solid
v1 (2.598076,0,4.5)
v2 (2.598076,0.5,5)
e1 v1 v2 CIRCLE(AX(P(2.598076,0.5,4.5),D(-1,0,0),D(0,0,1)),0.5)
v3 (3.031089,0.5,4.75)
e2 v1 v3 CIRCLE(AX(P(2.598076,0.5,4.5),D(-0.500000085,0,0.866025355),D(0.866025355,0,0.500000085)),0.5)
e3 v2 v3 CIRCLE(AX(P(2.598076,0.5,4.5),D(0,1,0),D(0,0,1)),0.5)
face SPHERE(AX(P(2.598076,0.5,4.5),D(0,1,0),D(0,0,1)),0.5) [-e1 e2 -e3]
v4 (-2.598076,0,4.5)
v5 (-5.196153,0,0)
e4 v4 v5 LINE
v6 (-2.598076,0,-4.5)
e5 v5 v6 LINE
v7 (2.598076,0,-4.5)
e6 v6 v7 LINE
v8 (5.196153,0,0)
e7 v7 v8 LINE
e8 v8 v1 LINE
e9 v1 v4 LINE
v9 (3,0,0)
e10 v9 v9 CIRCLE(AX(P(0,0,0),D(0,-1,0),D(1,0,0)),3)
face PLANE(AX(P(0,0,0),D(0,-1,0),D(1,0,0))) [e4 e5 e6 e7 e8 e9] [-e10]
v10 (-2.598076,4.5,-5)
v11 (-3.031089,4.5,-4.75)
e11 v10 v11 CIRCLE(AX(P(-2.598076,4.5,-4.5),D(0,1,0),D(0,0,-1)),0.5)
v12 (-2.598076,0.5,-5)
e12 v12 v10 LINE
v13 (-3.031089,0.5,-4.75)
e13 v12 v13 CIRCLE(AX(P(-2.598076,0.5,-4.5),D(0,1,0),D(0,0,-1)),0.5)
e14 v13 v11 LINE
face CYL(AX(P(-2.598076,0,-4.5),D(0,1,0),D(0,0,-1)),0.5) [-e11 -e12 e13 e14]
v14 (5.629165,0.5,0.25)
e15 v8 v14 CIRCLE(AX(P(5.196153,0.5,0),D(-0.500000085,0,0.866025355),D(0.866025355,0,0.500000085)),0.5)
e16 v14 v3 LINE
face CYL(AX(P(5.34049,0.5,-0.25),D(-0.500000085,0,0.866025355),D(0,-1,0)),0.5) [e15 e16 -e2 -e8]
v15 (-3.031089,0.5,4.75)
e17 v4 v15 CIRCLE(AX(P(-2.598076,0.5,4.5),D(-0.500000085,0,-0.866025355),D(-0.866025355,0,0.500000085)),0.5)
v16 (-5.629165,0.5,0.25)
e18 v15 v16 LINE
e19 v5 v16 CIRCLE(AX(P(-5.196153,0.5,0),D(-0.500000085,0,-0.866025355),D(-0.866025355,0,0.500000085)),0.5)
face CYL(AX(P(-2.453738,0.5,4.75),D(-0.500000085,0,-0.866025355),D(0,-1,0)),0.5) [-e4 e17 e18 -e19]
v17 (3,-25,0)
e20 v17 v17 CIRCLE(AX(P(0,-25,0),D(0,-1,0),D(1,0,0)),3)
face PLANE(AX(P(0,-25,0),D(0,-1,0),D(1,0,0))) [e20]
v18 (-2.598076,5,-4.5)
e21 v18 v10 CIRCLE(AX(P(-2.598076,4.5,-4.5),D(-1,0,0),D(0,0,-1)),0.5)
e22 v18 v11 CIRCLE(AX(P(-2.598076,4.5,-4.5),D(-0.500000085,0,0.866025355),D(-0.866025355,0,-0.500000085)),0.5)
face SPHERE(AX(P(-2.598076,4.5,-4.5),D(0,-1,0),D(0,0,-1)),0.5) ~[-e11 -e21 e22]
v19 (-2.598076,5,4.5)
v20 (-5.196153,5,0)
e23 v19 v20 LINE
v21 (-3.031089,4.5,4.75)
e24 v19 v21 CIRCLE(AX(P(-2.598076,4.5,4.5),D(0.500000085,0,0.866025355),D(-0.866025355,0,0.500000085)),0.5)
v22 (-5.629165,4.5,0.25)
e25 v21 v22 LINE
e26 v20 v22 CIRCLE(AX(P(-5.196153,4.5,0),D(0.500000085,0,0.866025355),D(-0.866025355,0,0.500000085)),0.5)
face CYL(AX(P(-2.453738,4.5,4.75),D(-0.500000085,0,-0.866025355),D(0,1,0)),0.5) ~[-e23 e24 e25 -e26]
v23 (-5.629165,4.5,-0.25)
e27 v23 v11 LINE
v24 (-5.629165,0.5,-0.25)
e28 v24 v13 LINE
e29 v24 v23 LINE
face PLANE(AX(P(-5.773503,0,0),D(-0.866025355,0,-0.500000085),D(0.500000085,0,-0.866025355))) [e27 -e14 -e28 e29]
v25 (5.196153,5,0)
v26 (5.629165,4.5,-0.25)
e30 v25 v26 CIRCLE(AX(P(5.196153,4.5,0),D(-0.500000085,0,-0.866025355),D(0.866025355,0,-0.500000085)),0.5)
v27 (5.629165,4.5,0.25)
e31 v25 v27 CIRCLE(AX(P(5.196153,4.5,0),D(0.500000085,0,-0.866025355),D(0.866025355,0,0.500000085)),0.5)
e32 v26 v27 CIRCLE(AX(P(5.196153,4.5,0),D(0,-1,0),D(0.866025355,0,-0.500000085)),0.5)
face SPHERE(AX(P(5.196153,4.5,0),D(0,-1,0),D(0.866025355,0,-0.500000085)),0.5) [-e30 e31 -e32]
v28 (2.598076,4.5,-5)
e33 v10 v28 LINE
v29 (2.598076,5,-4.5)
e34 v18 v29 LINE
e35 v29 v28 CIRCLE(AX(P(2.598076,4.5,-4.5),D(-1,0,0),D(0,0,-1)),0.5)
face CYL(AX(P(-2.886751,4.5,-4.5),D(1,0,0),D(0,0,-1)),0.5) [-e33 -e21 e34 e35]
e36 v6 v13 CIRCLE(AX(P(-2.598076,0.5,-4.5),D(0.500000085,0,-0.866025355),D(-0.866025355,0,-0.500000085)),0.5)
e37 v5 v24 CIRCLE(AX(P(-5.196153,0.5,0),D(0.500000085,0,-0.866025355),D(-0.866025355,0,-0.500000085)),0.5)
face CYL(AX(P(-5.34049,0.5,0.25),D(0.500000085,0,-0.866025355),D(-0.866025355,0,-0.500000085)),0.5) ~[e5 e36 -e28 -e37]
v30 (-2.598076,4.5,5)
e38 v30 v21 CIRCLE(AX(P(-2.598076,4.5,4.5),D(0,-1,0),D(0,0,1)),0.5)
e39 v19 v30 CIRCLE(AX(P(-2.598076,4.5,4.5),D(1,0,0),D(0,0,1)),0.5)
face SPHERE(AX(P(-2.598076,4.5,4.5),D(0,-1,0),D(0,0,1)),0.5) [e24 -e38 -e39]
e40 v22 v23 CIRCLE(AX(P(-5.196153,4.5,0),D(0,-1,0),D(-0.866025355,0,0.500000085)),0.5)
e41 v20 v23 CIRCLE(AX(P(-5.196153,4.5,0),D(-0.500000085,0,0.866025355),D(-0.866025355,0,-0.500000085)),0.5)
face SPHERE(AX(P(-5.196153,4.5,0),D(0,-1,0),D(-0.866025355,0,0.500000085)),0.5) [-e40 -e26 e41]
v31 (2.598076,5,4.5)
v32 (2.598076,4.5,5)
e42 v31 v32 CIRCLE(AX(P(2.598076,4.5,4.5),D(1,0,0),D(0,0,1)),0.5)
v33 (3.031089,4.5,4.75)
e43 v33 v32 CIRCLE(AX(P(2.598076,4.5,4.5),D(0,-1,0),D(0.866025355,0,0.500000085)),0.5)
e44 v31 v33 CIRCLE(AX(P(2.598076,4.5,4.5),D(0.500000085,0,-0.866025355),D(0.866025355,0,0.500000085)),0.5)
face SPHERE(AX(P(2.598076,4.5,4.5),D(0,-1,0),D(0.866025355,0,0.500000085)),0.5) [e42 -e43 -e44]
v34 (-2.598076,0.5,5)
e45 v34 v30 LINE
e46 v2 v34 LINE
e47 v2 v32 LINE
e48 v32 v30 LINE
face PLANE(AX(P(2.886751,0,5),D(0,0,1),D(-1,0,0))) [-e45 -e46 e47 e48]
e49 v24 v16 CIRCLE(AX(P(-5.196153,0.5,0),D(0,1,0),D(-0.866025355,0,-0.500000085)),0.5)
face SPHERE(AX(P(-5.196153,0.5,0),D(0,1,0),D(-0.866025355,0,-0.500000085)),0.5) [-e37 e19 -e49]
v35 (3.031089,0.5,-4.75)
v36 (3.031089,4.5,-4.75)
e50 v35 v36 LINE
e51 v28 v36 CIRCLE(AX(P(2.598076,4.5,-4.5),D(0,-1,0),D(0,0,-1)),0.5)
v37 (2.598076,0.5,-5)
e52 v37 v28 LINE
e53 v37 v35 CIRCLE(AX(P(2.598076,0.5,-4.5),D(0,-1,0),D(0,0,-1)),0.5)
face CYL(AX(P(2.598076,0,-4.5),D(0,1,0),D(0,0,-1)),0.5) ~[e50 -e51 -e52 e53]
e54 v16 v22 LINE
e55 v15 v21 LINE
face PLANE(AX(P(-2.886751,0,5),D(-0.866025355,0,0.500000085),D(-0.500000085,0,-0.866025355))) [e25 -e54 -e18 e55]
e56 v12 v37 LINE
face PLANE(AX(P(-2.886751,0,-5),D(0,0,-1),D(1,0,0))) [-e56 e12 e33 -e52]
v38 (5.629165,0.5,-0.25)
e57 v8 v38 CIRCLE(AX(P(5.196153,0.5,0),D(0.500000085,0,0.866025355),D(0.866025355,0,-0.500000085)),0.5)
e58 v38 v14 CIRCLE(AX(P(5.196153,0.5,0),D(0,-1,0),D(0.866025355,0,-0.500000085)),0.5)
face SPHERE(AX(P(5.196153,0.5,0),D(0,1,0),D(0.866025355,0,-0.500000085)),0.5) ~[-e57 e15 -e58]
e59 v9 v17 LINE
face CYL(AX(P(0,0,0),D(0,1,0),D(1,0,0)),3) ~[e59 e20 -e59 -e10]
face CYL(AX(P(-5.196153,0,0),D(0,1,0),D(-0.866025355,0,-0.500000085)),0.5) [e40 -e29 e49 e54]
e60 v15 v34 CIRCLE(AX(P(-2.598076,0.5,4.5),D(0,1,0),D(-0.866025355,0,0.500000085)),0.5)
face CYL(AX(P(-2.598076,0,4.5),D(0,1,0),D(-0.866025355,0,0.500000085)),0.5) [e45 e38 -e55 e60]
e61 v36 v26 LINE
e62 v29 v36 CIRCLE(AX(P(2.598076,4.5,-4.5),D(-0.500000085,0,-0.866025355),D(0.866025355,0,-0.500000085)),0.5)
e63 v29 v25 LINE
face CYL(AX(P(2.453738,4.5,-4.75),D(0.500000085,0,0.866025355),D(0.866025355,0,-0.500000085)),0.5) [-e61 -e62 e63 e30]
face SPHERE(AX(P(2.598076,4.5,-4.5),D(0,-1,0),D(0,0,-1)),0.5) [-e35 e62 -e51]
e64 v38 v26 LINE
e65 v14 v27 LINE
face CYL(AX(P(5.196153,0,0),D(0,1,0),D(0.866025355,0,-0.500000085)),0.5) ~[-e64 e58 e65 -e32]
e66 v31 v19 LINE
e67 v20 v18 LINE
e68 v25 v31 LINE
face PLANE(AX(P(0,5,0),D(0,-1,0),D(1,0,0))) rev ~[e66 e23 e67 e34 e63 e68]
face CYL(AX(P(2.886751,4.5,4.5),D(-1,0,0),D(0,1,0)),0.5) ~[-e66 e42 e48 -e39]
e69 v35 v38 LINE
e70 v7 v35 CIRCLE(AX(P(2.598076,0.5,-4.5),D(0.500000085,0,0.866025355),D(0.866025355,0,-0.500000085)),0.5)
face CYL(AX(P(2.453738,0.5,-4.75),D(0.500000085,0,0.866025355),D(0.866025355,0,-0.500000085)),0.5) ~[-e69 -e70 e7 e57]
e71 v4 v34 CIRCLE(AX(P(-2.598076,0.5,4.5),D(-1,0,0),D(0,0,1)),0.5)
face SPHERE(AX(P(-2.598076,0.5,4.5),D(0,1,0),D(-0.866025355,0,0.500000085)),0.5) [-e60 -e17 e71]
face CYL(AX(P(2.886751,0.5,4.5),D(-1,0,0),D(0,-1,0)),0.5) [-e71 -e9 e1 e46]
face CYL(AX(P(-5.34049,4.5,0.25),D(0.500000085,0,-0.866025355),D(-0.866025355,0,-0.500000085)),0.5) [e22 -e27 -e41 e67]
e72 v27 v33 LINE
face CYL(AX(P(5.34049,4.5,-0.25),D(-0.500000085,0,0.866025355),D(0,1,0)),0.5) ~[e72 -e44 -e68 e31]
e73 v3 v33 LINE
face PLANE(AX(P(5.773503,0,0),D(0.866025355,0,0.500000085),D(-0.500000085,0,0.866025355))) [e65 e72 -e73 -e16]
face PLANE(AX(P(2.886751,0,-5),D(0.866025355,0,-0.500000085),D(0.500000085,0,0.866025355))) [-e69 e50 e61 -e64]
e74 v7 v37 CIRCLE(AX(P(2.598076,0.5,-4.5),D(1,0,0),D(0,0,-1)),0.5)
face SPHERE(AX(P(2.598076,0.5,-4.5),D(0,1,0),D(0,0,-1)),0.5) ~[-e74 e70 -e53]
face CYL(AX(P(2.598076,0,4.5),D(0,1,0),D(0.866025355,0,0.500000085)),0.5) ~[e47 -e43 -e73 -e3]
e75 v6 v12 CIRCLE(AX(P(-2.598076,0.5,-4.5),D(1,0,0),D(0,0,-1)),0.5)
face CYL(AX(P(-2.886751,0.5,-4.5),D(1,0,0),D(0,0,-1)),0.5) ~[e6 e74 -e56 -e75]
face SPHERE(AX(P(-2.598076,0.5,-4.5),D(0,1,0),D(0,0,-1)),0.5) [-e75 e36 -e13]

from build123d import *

# Parameters (mm, degrees)
F0_R     = 3
F1_DEPTH = 25
F2_DEPTH = 5
F3_R     = 0.5


with BuildPart() as f1:
    # F0 (on Front) → F1 (new body)
    with BuildSketch(Plane.XZ):
        Circle(F0_R)
    extrude(amount=F1_DEPTH)

    # F0 (on Front) → F2 (join)
    with BuildSketch(Plane.XZ):
        Polygon((-2.886751, -5), (2.886751, -5), (5.773503, 0), (2.886751, 5), (-2.886751, 5), (-5.773503, 0), align=None)
        Circle(F0_R, mode=Mode.SUBTRACT)
        Circle(F0_R)
    extrude(amount=-F2_DEPTH)

    # F3
    f3_edges = [f1.edges().sort_by_distance(p)[0] for p in [
        (-2.886751, 2.5, -5),
        (2.886751, 2.5, -5),
        (0, 0, -5),
        (0, 5, -5),
        (5.773503, 2.5, 0),
        (4.330127, 0, -2.5),
        (4.330127, 5, -2.5),
        (4.330127, 5, 2.5),
        (0, 5, 5),
        (-4.330127, 5, 2.5),
        (-4.330127, 5, -2.5),
        (-5.773503, 2.5, 0),
        (-4.330127, 0, -2.5),
        (-2.886751, 2.5, 5),
        (-4.330127, 0, 2.5),
        (2.886751, 2.5, 5),
        (0, 0, 5),
        (4.330127, 0, 2.5),
    ]]
    fillet(f3_edges, radius=F3_R)


solid = f1.part
